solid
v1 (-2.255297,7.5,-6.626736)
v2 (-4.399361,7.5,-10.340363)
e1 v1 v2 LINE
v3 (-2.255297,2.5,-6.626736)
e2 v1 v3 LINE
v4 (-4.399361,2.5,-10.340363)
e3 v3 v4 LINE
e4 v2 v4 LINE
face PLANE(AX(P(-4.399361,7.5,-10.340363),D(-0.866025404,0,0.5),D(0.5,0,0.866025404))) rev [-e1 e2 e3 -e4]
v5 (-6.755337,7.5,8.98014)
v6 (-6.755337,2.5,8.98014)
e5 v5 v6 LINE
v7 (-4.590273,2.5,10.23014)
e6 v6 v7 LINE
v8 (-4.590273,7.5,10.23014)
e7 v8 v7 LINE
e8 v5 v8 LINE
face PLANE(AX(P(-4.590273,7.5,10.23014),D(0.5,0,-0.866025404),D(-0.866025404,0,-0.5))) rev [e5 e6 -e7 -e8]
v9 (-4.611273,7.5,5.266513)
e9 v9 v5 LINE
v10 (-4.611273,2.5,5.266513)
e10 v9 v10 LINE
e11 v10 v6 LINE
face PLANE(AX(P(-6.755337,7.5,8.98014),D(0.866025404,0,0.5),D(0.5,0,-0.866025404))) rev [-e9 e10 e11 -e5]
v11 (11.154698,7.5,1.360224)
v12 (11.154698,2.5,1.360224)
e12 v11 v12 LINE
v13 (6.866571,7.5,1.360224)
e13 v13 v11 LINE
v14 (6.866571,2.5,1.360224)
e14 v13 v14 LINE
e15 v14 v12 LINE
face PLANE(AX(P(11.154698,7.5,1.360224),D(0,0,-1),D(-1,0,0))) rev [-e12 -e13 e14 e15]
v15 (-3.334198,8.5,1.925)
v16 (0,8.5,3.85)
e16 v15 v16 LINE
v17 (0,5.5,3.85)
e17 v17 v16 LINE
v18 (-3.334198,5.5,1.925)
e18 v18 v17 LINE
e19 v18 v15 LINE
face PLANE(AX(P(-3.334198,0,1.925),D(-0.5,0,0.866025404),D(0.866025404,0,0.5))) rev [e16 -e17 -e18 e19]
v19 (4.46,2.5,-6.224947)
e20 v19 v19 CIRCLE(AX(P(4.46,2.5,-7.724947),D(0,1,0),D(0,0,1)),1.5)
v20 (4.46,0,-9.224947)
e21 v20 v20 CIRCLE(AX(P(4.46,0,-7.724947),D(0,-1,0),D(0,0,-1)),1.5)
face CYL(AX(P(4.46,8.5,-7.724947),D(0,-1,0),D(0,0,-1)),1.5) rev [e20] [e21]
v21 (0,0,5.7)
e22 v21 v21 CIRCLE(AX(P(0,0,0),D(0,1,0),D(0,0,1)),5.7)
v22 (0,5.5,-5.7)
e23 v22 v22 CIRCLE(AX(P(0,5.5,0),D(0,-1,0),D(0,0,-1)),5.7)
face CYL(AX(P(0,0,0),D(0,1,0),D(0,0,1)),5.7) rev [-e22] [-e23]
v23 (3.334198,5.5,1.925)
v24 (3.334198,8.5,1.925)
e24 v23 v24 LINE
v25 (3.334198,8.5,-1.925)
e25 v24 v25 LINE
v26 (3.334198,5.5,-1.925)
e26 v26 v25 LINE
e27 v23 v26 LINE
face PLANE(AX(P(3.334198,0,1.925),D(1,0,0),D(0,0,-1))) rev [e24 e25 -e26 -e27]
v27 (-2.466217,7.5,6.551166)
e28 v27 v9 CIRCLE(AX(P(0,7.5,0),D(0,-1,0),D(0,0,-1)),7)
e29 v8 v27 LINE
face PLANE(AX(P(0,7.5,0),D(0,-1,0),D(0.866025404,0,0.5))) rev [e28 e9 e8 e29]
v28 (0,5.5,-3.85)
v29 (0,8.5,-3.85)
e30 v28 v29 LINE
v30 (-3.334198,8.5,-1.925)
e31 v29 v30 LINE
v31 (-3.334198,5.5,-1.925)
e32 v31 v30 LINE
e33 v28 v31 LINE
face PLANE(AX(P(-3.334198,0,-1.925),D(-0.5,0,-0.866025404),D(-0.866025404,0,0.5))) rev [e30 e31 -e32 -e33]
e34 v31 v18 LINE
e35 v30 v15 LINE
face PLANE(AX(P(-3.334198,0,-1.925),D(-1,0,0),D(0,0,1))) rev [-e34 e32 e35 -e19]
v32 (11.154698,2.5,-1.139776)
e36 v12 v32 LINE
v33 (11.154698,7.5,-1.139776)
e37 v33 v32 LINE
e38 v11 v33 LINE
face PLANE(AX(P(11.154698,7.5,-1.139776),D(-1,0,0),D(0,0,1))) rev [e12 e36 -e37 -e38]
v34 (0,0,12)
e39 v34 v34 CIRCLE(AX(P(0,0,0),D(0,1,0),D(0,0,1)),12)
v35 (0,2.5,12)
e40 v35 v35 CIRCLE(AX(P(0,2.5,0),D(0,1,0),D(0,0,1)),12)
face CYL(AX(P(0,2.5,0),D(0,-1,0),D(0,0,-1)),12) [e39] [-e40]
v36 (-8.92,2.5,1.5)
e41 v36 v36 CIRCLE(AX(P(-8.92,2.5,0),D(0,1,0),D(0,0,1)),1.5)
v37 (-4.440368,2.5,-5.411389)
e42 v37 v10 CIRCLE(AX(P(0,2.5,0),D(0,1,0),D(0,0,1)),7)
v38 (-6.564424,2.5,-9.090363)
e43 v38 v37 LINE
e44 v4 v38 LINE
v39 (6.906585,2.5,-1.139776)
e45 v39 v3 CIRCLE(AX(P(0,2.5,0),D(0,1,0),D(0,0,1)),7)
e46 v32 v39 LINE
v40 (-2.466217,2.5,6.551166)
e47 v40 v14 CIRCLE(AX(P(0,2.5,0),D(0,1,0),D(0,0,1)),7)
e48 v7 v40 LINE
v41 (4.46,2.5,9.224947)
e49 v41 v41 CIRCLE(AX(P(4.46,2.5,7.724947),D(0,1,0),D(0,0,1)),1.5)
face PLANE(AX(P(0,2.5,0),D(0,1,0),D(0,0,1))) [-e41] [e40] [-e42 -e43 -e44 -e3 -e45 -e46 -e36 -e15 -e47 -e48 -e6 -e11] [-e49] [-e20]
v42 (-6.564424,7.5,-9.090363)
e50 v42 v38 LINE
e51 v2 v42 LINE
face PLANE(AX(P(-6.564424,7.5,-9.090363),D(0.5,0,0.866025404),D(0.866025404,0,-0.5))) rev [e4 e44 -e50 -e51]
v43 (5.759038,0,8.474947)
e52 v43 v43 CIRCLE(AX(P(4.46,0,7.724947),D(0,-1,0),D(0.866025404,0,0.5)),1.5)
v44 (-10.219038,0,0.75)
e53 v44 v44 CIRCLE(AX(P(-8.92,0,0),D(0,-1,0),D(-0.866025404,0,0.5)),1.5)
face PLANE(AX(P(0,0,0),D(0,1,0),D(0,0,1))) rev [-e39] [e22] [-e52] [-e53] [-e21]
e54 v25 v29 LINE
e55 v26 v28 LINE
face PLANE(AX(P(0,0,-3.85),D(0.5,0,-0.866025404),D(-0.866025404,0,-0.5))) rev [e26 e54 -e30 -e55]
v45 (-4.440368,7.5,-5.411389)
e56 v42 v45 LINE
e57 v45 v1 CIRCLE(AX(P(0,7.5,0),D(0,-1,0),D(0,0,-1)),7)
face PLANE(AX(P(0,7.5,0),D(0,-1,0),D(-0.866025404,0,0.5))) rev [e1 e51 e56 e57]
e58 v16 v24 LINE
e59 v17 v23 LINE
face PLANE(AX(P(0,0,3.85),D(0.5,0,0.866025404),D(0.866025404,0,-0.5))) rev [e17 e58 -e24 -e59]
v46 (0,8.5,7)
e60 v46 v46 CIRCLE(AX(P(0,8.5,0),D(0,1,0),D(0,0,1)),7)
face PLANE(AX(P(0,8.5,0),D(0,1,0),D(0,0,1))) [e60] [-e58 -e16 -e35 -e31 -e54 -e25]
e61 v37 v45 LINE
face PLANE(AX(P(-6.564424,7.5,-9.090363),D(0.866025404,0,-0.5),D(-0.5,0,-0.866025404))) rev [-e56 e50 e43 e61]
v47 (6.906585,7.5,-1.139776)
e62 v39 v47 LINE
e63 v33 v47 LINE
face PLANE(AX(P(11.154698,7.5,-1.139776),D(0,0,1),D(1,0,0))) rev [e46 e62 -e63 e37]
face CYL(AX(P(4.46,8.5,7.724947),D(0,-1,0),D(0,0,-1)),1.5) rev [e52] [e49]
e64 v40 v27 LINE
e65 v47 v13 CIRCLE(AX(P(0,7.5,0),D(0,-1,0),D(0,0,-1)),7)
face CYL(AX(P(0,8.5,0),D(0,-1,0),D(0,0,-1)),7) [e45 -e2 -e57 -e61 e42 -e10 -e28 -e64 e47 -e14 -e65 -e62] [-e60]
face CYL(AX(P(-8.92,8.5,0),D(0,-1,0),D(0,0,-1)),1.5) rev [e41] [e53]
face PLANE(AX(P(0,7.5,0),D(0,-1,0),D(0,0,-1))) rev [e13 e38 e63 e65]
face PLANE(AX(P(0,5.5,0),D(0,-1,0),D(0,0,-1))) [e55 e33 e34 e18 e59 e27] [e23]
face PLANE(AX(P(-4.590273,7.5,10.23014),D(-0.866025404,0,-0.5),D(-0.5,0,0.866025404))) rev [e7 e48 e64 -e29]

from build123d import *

# Parameters (mm, degrees)
SKETCH_1_R               = 12
EXTRUDE_1_DEPTH          = 2.5
SKETCH_2_R               = 5.7
CUT_EXTRUDE_1_DEPTH      = 2.5
SKETCH_3_R               = 7
EXTRUDE_2_DEPTH          = 6
CUT_EXTRUDE_3_DEPTH      = 19.980252896
CUT_EXTRUDE_START        = -3
SKETCH_6_R               = 5.7
CUT_EXTRUDE_4_DEPTH      = 3
SKETCH_12_R              = 1.5
CUT_EXTRUDE_7_DEPTH      = 8.5
PATTERN_CIRCULAR_3_COUNT = 3
SKETCH_16_W              = 4.841129394
SKETCH_16_H              = 2.5
EXTRUDE_5_DEPTH          = 5
PATTERN_CIRCULAR_4_COUNT = 3


with BuildPart() as part:
    # 草图1 → 凸台-拉伸1 (new body)
    with BuildSketch(Plane(origin=(0, 0, 0), x_dir=(1, 0, 0), z_dir=(0, 1, 0))):
        Circle(SKETCH_1_R)
    extrude(amount=EXTRUDE_1_DEPTH)

    # 草图2 → 切除-拉伸1 (cut)
    with BuildSketch(Plane(origin=(0, 2.5, 0), x_dir=(1, 0, 0), z_dir=(0, 1, 0))):
        Circle(SKETCH_2_R)
    extrude(amount=-CUT_EXTRUDE_1_DEPTH, mode=Mode.SUBTRACT)

    # 草图3 → 凸台-拉伸2 (add)
    with BuildSketch(Plane(origin=(0, 2.5, 0), x_dir=(1, 0, 0), z_dir=(0, 1, 0))):
        Circle(SKETCH_3_R)
    extrude(amount=EXTRUDE_2_DEPTH)

    # 草图5 → 切除-拉伸3 (cut, through all)
    with BuildSketch(Plane(origin=(0, 8.5, 0), x_dir=(1, 0, 0), z_dir=(0, 1, 0))):
        Polygon((3.334197805, -1.925), (3.334197805, 1.925), (0, 3.85), (-3.334197805, 1.925), (-3.334197805, -1.925), (0, -3.85), align=None)
    extrude(amount=-CUT_EXTRUDE_3_DEPTH, mode=Mode.SUBTRACT)

    # 草图6 → 切除-拉伸4 (cut)
    with BuildSketch(Plane.XZ.offset(-2.5).offset(CUT_EXTRUDE_START)):
        Circle(SKETCH_6_R)
    extrude(amount=CUT_EXTRUDE_4_DEPTH, mode=Mode.SUBTRACT)

    # 草图12 → 切除-拉伸7 (cut)
    with BuildSketch(Plane(origin=(0, 0, 0), x_dir=(-1, 0, 0), z_dir=(0, -1, 0))):
        with Locations((-4.46, 7.724946602)):
            Circle(SKETCH_12_R)
    cut_extrude_7 = extrude(amount=-CUT_EXTRUDE_7_DEPTH, mode=Mode.SUBTRACT)

    # 阵列(圆周)3: 切除-拉伸7 ×3 about axis
    pattern_circular_3_axis = Axis((0, 8.5, 0), (0, -1, 0))
    for i in range(1, PATTERN_CIRCULAR_3_COUNT):
        add(cut_extrude_7.rotate(pattern_circular_3_axis, i * 360 / PATTERN_CIRCULAR_3_COUNT), mode=Mode.SUBTRACT)

    # 草图16 → 凸台-拉伸5 (add)
    with BuildSketch(Plane(origin=(0, 2.5, 0), x_dir=(1, 0, 0), z_dir=(0, 1, 0))):
        with Locations((8.734133088, -0.110223506)):
            Rectangle(SKETCH_16_W, SKETCH_16_H)
    extrude_5 = extrude(amount=EXTRUDE_5_DEPTH)

    # 阵列(圆周)4: 凸台-拉伸5 ×3 about axis
    pattern_circular_4_axis = Axis((0, 8.5, 0), (0, -1, 0))
    for i in range(1, PATTERN_CIRCULAR_4_COUNT):
        add(extrude_5.rotate(pattern_circular_4_axis, i * 360 / PATTERN_CIRCULAR_4_COUNT))


solid = part.part
